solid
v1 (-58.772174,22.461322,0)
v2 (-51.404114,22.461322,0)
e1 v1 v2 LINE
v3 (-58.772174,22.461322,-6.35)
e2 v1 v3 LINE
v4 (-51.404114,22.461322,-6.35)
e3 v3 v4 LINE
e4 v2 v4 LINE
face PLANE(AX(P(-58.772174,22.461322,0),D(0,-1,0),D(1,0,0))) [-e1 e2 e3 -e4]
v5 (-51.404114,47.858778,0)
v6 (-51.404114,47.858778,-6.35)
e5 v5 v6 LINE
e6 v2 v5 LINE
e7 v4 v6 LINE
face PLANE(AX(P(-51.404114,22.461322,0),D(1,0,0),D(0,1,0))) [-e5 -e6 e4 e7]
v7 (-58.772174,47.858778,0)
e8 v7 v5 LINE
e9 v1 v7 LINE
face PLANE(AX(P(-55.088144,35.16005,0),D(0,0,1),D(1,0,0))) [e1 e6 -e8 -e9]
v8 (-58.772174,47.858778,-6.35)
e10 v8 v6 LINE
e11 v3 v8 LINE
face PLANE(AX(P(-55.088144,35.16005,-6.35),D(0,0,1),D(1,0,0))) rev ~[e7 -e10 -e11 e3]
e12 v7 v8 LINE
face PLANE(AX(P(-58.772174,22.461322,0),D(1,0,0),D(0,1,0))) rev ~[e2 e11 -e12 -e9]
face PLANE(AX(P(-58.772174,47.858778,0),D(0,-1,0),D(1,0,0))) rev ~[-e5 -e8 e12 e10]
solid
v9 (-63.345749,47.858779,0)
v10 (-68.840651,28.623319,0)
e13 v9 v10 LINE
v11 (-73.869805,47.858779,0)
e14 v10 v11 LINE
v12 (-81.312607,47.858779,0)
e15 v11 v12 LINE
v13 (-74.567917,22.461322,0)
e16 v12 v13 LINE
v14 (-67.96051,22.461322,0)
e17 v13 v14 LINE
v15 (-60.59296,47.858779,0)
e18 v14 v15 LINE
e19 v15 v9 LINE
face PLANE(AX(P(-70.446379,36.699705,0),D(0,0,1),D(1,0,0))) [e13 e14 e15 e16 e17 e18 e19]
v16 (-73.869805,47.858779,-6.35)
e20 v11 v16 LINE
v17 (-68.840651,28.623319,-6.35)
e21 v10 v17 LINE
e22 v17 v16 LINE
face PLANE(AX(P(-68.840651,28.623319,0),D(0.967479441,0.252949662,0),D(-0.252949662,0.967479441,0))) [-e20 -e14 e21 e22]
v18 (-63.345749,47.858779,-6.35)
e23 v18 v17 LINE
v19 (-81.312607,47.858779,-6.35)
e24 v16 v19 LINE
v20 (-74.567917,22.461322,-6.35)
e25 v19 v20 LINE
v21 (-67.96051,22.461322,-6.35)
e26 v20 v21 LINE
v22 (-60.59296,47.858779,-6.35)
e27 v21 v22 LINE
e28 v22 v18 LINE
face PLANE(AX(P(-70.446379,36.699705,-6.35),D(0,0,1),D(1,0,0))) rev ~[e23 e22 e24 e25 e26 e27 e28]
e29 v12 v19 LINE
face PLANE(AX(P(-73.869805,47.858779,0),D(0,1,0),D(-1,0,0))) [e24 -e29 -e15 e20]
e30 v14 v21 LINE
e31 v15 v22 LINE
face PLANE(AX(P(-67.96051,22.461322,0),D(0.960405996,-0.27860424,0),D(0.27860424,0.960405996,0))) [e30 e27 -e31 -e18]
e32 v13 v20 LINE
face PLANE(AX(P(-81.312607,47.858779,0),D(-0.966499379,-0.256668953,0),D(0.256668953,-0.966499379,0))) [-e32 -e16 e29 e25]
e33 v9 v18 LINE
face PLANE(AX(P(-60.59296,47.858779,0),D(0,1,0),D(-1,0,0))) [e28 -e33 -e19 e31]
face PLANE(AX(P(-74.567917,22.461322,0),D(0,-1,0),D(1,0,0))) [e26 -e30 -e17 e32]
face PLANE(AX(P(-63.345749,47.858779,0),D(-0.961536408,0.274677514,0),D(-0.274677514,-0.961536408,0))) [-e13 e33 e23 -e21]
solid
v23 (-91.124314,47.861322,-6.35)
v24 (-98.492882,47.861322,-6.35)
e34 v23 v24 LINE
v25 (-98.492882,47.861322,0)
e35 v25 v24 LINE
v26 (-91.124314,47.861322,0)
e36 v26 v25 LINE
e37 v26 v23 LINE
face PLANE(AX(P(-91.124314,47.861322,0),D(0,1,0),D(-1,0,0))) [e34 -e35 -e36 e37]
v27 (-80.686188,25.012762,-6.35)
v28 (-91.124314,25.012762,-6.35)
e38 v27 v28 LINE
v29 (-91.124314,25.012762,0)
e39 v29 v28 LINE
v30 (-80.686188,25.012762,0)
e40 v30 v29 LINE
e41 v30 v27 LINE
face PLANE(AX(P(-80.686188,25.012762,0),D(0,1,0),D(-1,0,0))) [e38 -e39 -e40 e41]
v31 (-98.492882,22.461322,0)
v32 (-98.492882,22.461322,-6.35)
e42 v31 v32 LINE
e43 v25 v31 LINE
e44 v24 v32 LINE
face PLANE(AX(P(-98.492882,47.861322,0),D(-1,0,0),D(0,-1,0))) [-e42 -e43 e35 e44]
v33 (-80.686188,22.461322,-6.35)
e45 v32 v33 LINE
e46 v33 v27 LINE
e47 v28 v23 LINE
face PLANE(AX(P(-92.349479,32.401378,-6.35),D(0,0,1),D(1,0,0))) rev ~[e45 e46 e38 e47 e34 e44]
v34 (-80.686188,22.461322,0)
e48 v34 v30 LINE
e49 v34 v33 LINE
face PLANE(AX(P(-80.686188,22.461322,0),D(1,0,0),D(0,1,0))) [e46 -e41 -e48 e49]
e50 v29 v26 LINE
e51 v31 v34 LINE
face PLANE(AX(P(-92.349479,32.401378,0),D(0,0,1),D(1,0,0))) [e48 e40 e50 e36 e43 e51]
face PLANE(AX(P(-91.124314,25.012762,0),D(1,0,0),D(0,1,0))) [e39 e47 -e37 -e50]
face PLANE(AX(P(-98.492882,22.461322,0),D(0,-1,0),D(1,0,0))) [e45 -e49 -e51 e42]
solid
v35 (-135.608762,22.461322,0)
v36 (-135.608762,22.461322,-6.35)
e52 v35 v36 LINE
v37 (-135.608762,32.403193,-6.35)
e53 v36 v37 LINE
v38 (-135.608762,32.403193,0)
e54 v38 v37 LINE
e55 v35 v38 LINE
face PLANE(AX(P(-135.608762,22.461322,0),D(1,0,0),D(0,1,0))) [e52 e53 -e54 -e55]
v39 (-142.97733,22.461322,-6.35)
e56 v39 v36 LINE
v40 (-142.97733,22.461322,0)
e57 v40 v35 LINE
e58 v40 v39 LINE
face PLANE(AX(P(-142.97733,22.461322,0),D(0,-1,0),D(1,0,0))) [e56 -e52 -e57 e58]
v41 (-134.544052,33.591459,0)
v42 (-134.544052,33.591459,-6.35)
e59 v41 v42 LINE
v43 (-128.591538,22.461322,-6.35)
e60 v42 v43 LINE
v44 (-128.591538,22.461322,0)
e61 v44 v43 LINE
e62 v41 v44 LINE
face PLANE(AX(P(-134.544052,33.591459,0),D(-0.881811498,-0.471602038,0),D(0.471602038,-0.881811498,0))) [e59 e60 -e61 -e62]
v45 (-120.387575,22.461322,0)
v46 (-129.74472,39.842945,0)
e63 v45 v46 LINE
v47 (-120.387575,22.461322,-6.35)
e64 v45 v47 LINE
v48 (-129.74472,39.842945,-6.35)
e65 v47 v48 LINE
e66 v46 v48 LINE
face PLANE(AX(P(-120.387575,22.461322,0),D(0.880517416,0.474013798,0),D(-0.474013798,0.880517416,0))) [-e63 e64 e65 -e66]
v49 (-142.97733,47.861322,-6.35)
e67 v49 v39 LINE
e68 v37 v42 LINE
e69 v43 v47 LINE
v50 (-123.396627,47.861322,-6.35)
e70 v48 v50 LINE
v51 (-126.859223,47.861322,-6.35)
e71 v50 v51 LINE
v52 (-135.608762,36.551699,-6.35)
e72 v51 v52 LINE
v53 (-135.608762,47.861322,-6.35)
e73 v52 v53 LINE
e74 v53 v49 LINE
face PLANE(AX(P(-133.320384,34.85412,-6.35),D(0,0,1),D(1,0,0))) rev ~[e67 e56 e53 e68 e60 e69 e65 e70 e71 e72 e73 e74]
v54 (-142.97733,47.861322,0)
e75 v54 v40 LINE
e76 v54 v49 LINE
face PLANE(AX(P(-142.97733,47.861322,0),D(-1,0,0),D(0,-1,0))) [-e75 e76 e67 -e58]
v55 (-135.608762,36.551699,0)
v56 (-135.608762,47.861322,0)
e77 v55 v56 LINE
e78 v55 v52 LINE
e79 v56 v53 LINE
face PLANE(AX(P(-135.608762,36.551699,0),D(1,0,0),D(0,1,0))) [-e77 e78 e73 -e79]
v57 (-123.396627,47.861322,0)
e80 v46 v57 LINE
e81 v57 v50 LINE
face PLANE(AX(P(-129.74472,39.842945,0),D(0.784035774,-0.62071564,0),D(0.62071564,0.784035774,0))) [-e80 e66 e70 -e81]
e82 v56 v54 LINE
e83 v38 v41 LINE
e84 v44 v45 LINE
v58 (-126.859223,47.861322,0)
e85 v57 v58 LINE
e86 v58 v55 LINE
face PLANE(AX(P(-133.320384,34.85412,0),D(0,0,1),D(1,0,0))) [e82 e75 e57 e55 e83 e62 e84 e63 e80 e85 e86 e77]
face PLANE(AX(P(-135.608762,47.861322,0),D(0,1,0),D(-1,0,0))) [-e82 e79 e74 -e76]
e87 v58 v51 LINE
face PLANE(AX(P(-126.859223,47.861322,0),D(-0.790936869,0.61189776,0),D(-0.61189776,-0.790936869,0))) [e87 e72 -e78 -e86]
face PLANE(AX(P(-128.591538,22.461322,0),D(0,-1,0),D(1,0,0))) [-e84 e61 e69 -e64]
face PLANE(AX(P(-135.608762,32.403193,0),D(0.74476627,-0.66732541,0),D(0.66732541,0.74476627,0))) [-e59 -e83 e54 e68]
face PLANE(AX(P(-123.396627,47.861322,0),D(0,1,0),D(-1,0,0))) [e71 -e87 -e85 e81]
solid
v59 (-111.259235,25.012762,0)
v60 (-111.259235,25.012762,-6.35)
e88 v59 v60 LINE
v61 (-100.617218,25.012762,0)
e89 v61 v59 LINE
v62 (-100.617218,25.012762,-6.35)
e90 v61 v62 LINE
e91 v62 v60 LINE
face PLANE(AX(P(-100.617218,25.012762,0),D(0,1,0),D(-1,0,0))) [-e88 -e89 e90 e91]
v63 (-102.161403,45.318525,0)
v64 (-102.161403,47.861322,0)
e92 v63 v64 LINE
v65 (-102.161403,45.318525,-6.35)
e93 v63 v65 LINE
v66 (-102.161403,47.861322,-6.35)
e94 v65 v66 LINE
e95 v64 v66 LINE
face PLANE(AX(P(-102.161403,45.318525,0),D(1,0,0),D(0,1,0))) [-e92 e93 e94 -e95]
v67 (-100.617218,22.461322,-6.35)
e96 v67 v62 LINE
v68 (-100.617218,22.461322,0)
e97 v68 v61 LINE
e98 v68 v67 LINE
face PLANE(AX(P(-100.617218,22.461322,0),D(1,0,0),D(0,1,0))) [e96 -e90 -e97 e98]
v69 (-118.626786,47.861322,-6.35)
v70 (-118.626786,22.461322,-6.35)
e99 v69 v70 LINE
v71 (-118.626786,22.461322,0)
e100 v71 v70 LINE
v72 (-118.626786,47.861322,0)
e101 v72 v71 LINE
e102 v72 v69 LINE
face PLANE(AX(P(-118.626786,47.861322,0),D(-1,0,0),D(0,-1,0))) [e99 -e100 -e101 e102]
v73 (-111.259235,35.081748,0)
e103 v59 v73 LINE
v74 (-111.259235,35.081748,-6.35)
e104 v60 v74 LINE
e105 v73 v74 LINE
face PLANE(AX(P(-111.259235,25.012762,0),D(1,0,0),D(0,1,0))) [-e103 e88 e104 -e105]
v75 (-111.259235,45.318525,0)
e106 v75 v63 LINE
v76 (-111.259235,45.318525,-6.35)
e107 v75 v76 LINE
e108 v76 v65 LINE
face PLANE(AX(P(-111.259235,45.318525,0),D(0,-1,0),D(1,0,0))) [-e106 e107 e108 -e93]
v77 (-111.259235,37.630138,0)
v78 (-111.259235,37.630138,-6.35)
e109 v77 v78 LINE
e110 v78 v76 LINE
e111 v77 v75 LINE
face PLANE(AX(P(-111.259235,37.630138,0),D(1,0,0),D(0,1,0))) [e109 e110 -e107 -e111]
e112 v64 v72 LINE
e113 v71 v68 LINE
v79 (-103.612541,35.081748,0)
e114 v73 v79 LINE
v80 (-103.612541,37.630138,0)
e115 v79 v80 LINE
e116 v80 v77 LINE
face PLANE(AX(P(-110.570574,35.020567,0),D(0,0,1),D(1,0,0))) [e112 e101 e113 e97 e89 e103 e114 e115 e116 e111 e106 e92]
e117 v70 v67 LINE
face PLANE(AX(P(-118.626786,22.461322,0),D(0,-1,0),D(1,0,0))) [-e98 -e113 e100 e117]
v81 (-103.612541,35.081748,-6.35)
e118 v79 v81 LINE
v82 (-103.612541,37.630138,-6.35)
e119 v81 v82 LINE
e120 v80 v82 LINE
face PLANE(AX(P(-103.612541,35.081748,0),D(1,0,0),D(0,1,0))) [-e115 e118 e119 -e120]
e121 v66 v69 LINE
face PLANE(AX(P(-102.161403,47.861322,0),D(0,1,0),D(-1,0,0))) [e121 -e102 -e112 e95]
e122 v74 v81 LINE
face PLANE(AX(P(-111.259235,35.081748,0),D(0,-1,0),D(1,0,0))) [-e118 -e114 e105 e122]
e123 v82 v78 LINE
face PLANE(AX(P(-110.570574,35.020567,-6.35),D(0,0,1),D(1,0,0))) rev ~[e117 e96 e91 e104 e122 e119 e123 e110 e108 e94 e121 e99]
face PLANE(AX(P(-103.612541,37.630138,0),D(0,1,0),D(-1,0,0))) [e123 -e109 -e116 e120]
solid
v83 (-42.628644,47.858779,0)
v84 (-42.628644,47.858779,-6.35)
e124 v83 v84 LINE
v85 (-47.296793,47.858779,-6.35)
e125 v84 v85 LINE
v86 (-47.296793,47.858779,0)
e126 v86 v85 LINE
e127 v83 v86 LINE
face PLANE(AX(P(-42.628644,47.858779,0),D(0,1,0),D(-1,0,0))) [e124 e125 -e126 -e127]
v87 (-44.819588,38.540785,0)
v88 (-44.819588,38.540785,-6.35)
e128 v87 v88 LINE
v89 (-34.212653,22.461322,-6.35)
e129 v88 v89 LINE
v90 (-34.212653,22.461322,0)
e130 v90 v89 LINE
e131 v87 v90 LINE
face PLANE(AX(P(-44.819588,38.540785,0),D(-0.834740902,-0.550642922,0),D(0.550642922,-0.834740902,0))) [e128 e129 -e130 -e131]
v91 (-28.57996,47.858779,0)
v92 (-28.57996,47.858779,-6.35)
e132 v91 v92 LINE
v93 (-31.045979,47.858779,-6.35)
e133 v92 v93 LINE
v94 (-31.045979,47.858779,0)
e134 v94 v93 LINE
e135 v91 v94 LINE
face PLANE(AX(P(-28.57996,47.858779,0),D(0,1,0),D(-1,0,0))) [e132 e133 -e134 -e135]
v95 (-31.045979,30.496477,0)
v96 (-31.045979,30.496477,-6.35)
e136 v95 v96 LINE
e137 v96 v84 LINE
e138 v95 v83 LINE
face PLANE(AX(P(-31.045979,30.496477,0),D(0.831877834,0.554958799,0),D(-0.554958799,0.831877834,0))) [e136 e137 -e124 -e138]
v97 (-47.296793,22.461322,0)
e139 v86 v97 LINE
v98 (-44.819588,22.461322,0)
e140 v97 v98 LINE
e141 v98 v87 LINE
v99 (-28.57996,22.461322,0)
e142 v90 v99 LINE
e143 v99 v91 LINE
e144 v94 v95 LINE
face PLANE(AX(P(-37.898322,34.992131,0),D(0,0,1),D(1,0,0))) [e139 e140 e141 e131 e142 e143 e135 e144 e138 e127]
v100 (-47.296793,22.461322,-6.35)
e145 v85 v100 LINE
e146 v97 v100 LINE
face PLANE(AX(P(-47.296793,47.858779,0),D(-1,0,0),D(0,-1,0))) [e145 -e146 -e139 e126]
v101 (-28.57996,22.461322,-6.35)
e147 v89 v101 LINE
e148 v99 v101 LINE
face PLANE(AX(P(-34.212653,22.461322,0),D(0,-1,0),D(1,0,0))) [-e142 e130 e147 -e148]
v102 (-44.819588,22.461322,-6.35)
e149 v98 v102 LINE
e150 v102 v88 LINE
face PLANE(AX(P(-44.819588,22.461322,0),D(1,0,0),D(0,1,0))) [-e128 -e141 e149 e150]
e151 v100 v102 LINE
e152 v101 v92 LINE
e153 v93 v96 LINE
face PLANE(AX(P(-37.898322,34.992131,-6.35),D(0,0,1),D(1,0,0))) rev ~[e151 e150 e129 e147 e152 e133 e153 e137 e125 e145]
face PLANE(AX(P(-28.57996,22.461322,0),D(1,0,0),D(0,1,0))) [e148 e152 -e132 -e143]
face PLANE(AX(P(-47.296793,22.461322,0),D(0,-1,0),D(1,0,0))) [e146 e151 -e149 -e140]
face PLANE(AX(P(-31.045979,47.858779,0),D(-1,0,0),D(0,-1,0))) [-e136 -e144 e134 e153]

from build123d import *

# Parameters (mm, degrees)
F0_W     = 7.368059
F0_H     = 25.397457
F1_DEPTH = 6.35


with BuildPart() as f1:
    # F0 (on Top) → F1 (new body)
    with BuildSketch(Plane.XY):
        Polygon((-135.608762, 47.861322), (-142.97733, 47.861322), (-142.97733, 22.461322), (-135.608762, 22.461322), (-135.608762, 32.403193), (-134.544052, 33.591459), (-128.591538, 22.461322), (-120.387575, 22.461322), (-129.74472, 39.842945), (-123.396627, 47.861322), (-126.859223, 47.861322), (-135.608762, 36.551699), align=None)
        Polygon((-102.161403, 47.861322), (-118.626786, 47.861322), (-118.626786, 22.461322), (-100.617218, 22.461322), (-100.617218, 25.012762), (-111.259235, 25.012762), (-111.259235, 35.081748), (-103.612541, 35.081748), (-103.612541, 37.630138), (-111.259235, 37.630138), (-111.259235, 45.318525), (-102.161403, 45.318525), align=None)
        Polygon((-91.124314, 47.861322), (-98.492882, 47.861322), (-98.492882, 22.461322), (-80.686188, 22.461322), (-80.686188, 25.012762), (-91.124314, 25.012762), align=None)
        with Locations((-55.088144, 35.16005)):
            Rectangle(F0_W, F0_H)
        Polygon((-42.628644, 47.858779), (-47.296793, 47.858779), (-47.296793, 22.461322), (-44.819588, 22.461322), (-44.819588, 38.540785), (-34.212653, 22.461322), (-28.57996, 22.461322), (-28.57996, 47.858779), (-31.045979, 47.858779), (-31.045979, 30.496477), align=None)
        Polygon((-73.869805, 47.858779), (-81.312607, 47.858779), (-74.567917, 22.461322), (-67.96051, 22.461322), (-60.59296, 47.858779), (-63.345749, 47.858779), (-68.840651, 28.623319), align=None)
    extrude(amount=-F1_DEPTH)


solid = f1.part
